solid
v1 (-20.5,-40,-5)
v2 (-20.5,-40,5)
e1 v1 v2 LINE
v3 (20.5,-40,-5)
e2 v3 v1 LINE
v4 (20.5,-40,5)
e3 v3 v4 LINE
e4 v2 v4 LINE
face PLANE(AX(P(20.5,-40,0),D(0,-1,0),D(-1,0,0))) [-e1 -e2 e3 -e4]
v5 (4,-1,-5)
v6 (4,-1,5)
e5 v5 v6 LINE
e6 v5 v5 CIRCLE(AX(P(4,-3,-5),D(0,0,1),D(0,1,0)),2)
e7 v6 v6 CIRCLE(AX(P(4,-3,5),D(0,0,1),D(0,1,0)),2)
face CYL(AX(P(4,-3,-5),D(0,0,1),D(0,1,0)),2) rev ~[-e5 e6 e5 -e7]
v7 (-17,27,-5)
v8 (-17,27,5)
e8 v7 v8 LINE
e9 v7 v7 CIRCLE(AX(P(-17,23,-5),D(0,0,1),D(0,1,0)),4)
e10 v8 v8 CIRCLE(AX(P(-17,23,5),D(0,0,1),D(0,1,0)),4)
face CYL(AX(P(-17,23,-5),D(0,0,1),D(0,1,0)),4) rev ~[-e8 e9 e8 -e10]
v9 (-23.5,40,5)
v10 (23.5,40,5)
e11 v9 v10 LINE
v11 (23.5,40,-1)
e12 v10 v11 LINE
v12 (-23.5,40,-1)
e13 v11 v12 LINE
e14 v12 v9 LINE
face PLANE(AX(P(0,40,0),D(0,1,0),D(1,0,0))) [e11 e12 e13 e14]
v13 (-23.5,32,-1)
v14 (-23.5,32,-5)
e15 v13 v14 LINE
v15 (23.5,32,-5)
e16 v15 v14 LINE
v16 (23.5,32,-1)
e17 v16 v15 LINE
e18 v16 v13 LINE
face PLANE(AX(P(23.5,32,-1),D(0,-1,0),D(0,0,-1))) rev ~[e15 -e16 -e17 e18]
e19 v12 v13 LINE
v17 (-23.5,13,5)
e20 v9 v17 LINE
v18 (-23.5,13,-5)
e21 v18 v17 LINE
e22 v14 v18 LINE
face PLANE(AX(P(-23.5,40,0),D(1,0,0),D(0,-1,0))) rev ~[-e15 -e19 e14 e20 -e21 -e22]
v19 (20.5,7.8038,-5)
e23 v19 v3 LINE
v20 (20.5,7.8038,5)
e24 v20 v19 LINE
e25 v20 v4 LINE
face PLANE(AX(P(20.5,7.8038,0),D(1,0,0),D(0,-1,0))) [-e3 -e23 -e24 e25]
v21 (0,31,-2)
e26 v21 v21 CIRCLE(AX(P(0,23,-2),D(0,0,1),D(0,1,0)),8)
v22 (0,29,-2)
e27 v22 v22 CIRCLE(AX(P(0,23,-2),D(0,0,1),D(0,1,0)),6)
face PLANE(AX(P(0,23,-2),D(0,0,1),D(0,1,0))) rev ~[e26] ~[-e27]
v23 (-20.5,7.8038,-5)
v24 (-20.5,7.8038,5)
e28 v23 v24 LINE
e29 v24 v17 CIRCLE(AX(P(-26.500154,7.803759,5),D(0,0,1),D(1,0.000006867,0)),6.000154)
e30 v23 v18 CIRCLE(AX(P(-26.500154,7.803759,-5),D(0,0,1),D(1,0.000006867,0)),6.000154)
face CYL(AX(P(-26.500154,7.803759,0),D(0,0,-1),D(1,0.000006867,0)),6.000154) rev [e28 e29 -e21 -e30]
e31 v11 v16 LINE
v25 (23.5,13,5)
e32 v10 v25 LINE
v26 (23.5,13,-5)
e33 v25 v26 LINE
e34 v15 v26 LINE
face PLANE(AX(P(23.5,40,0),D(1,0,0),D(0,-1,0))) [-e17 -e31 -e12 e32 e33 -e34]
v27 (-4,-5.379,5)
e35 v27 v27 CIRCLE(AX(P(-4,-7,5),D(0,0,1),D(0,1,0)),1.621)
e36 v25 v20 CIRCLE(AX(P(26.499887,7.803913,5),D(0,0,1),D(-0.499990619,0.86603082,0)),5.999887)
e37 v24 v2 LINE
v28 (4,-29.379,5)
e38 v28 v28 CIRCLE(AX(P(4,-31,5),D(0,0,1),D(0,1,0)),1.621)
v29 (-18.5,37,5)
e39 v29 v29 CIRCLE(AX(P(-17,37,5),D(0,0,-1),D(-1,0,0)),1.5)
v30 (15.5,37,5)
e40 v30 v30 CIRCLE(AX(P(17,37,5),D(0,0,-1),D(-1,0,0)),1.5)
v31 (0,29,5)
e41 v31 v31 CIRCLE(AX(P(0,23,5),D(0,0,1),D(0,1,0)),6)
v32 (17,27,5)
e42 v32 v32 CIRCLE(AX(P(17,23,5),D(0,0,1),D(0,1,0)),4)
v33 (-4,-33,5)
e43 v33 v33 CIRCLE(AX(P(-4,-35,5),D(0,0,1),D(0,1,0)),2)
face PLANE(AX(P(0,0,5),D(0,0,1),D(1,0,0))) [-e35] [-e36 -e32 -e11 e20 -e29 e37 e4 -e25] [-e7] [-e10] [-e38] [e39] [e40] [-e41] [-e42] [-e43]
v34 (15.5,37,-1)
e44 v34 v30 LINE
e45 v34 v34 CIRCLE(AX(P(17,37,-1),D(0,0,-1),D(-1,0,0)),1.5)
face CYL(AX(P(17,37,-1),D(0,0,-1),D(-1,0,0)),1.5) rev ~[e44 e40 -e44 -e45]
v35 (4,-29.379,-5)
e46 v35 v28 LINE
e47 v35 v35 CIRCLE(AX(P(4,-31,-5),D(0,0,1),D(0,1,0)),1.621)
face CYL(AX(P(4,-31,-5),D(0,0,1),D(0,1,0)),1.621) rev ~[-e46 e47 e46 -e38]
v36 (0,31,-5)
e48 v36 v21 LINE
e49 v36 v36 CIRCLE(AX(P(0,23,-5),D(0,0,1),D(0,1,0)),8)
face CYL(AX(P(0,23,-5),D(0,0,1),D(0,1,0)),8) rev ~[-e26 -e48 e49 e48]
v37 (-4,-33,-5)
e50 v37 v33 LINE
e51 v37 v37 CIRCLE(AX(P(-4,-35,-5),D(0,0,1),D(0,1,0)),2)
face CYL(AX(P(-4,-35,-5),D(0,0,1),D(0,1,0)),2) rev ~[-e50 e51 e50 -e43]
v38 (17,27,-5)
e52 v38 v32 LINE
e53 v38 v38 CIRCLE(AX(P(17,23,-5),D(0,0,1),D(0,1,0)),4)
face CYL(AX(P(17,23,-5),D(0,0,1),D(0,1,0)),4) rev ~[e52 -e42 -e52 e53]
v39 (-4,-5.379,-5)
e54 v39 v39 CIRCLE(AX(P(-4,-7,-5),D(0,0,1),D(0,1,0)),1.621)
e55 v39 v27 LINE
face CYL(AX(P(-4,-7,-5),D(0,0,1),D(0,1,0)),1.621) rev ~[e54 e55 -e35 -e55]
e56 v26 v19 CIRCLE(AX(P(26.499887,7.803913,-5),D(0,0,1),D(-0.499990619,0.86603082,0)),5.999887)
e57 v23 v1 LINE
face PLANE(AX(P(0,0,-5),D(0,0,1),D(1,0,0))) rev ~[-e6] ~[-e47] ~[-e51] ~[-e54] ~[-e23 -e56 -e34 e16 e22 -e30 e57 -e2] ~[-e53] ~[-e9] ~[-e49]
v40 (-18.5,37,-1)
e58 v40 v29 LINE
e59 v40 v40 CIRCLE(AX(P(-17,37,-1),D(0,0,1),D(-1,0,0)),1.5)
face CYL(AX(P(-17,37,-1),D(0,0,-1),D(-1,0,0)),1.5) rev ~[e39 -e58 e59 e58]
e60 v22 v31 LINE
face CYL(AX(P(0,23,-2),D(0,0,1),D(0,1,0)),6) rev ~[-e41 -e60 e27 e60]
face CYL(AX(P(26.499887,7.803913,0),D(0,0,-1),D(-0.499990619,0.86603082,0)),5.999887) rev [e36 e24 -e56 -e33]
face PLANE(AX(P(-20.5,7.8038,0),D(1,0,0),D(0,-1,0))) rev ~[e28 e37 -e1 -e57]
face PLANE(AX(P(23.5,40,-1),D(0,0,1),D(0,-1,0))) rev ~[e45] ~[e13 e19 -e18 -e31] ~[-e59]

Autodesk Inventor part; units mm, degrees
ref_plane "YZ Plane" through (0, 0, 0) normal (1, 0, 0) x (0, 1, 0)
ref_plane "XZ Plane" through (0, 0, 0) normal (0, 1, 0) x (-1, 0, 0)
ref_plane "XY Plane" through (0, 0, 0) normal (0, 0, 1) x (1, 0, 0)
sketch "Sketch1" plane through (0, 0, 0) normal (0, 0, 1) x (1, 0, 0)
  line L0 (0, 40) -> (0, -40)
  line L1 (0, 40) -> (23.5, 40)
  line L2 (23.5, 40) -> (23.5, 13)
  arc A0 (23.5, 13) -> (20.5, 7.8038) centre (26.5, 7.8038) ccw
  line L3 (20.5, 7.8038) -> (20.5, -40)
  line L4 (20.5, -40) -> (0, -40)
  line L5 (0, 40) -> (-23.5, 40)
  line L6 (-23.5, 40) -> (-23.5, 13)
  arc A1 (-20.5, 7.8038) -> (-23.5, 13) centre (-26.5, 7.8038) ccw
  line L7 (-20.5, 7.8038) -> (-20.5, -40)
  line L8 (-20.5, -40) -> (0, -40)
  point P0 (0, 0)
  point P1 (0, 0)
  point P2 (10.25, -40)
  dimension "d0" = 47
  dimension "d1" = 80
  dimension "d2" = 27
  dimension "d3" = 41
  dimension "d4" = 6
extrude "Extrusion1" add sketch "Sketch1" along normal mid plane 10
sketch "Sketch2" plane through (23.5, 13, 5) normal (1, 0, 0) x (0, 0, -1)
  line L0 (10, 27) -> (0, 27) projected
  line L1 (6, 27) -> (6, 19)
  line L2 (6, 19) -> (10, 19)
  line L3 (10, 27) -> (10, 0) projected
  point P0 (5, -13)
  dimension "d7" = 8
  dimension "d8" = 4
extrude "Extrusion2" cut sketch "Sketch2" against normal through all
sketch "Sketch3" plane through (0, 0, -5) normal (0, 0, -1) x (-1, 0, 0)
  line L0 (-23.5, 40) -> (23.5, 40) projected
  line L1 (0, 40) -> (0, -40)
  line L2 (-20.5, -40) -> (20.5, -40) projected
  line L3 (-20.5, 7.8038) -> (-20.5, -40) projected
  point P0 (0, 0)
  point P1 (-17, 23)
  point P2 (0, 23)
  point P3 (17, 23)
  point P4 (-4, -3)
  point P5 (4, -7)
  point P6 (-4, -31)
  point P7 (4, -35)
  dimension "d11" = 17
  dimension "d12" = 34
  dimension "d13" = 5
  dimension "d14" = 32
  dimension "d15" = 4
  dimension "d16" = 24
  dimension "d17" = 16.5
  dimension "d18" = 24.5
hole "Hole1" at (-4, -35, -5) at (4, -3, -5) direction (0, 0, 1) diameter 4 end through all
hole "Hole2" at (4, -31, -5) at (-4, -7, -5) direction (0, 0, 1) diameter 3.242 end through all thread size "M4x0.7" class "6H" standard "ISO Metric profile"
hole "Hole3" at (17, 23, -5) at (-17, 23, -5) direction (0, 0, 1) diameter 8 end through all
hole "Hole4" at (0, 23, -5) direction (0, 0, 1) diameter 12 end through all counterbore diameter 16 counterbore depth 3
sketch "Sketch5" plane through (23.5, 32, -1) normal (0, 0, -1) x (-1, 0, 0)
  line L0 (0, 8) -> (47, 8) projected
  line L1 (23.5, 8) -> (23.5, 5)
  line L2 (23.5, 5) -> (40.5, 5)
  line L3 (40.5, 5) -> (6.5, 5)
  circle A0 centre (6.5, 5) radius 1.5
  circle A1 centre (40.5, 5) radius 1.5
  point P0 (23.5, -32)
  dimension "d58" = 3
  dimension "d59" = 17
  dimension "d60" = 34
  dimension "d61" = 3
  dimension "d62" = 3
extrude "Extrusion4" cut sketch "Sketch5" against normal blind 10
properties part number "Lap2" material "Steel, Carbon"
